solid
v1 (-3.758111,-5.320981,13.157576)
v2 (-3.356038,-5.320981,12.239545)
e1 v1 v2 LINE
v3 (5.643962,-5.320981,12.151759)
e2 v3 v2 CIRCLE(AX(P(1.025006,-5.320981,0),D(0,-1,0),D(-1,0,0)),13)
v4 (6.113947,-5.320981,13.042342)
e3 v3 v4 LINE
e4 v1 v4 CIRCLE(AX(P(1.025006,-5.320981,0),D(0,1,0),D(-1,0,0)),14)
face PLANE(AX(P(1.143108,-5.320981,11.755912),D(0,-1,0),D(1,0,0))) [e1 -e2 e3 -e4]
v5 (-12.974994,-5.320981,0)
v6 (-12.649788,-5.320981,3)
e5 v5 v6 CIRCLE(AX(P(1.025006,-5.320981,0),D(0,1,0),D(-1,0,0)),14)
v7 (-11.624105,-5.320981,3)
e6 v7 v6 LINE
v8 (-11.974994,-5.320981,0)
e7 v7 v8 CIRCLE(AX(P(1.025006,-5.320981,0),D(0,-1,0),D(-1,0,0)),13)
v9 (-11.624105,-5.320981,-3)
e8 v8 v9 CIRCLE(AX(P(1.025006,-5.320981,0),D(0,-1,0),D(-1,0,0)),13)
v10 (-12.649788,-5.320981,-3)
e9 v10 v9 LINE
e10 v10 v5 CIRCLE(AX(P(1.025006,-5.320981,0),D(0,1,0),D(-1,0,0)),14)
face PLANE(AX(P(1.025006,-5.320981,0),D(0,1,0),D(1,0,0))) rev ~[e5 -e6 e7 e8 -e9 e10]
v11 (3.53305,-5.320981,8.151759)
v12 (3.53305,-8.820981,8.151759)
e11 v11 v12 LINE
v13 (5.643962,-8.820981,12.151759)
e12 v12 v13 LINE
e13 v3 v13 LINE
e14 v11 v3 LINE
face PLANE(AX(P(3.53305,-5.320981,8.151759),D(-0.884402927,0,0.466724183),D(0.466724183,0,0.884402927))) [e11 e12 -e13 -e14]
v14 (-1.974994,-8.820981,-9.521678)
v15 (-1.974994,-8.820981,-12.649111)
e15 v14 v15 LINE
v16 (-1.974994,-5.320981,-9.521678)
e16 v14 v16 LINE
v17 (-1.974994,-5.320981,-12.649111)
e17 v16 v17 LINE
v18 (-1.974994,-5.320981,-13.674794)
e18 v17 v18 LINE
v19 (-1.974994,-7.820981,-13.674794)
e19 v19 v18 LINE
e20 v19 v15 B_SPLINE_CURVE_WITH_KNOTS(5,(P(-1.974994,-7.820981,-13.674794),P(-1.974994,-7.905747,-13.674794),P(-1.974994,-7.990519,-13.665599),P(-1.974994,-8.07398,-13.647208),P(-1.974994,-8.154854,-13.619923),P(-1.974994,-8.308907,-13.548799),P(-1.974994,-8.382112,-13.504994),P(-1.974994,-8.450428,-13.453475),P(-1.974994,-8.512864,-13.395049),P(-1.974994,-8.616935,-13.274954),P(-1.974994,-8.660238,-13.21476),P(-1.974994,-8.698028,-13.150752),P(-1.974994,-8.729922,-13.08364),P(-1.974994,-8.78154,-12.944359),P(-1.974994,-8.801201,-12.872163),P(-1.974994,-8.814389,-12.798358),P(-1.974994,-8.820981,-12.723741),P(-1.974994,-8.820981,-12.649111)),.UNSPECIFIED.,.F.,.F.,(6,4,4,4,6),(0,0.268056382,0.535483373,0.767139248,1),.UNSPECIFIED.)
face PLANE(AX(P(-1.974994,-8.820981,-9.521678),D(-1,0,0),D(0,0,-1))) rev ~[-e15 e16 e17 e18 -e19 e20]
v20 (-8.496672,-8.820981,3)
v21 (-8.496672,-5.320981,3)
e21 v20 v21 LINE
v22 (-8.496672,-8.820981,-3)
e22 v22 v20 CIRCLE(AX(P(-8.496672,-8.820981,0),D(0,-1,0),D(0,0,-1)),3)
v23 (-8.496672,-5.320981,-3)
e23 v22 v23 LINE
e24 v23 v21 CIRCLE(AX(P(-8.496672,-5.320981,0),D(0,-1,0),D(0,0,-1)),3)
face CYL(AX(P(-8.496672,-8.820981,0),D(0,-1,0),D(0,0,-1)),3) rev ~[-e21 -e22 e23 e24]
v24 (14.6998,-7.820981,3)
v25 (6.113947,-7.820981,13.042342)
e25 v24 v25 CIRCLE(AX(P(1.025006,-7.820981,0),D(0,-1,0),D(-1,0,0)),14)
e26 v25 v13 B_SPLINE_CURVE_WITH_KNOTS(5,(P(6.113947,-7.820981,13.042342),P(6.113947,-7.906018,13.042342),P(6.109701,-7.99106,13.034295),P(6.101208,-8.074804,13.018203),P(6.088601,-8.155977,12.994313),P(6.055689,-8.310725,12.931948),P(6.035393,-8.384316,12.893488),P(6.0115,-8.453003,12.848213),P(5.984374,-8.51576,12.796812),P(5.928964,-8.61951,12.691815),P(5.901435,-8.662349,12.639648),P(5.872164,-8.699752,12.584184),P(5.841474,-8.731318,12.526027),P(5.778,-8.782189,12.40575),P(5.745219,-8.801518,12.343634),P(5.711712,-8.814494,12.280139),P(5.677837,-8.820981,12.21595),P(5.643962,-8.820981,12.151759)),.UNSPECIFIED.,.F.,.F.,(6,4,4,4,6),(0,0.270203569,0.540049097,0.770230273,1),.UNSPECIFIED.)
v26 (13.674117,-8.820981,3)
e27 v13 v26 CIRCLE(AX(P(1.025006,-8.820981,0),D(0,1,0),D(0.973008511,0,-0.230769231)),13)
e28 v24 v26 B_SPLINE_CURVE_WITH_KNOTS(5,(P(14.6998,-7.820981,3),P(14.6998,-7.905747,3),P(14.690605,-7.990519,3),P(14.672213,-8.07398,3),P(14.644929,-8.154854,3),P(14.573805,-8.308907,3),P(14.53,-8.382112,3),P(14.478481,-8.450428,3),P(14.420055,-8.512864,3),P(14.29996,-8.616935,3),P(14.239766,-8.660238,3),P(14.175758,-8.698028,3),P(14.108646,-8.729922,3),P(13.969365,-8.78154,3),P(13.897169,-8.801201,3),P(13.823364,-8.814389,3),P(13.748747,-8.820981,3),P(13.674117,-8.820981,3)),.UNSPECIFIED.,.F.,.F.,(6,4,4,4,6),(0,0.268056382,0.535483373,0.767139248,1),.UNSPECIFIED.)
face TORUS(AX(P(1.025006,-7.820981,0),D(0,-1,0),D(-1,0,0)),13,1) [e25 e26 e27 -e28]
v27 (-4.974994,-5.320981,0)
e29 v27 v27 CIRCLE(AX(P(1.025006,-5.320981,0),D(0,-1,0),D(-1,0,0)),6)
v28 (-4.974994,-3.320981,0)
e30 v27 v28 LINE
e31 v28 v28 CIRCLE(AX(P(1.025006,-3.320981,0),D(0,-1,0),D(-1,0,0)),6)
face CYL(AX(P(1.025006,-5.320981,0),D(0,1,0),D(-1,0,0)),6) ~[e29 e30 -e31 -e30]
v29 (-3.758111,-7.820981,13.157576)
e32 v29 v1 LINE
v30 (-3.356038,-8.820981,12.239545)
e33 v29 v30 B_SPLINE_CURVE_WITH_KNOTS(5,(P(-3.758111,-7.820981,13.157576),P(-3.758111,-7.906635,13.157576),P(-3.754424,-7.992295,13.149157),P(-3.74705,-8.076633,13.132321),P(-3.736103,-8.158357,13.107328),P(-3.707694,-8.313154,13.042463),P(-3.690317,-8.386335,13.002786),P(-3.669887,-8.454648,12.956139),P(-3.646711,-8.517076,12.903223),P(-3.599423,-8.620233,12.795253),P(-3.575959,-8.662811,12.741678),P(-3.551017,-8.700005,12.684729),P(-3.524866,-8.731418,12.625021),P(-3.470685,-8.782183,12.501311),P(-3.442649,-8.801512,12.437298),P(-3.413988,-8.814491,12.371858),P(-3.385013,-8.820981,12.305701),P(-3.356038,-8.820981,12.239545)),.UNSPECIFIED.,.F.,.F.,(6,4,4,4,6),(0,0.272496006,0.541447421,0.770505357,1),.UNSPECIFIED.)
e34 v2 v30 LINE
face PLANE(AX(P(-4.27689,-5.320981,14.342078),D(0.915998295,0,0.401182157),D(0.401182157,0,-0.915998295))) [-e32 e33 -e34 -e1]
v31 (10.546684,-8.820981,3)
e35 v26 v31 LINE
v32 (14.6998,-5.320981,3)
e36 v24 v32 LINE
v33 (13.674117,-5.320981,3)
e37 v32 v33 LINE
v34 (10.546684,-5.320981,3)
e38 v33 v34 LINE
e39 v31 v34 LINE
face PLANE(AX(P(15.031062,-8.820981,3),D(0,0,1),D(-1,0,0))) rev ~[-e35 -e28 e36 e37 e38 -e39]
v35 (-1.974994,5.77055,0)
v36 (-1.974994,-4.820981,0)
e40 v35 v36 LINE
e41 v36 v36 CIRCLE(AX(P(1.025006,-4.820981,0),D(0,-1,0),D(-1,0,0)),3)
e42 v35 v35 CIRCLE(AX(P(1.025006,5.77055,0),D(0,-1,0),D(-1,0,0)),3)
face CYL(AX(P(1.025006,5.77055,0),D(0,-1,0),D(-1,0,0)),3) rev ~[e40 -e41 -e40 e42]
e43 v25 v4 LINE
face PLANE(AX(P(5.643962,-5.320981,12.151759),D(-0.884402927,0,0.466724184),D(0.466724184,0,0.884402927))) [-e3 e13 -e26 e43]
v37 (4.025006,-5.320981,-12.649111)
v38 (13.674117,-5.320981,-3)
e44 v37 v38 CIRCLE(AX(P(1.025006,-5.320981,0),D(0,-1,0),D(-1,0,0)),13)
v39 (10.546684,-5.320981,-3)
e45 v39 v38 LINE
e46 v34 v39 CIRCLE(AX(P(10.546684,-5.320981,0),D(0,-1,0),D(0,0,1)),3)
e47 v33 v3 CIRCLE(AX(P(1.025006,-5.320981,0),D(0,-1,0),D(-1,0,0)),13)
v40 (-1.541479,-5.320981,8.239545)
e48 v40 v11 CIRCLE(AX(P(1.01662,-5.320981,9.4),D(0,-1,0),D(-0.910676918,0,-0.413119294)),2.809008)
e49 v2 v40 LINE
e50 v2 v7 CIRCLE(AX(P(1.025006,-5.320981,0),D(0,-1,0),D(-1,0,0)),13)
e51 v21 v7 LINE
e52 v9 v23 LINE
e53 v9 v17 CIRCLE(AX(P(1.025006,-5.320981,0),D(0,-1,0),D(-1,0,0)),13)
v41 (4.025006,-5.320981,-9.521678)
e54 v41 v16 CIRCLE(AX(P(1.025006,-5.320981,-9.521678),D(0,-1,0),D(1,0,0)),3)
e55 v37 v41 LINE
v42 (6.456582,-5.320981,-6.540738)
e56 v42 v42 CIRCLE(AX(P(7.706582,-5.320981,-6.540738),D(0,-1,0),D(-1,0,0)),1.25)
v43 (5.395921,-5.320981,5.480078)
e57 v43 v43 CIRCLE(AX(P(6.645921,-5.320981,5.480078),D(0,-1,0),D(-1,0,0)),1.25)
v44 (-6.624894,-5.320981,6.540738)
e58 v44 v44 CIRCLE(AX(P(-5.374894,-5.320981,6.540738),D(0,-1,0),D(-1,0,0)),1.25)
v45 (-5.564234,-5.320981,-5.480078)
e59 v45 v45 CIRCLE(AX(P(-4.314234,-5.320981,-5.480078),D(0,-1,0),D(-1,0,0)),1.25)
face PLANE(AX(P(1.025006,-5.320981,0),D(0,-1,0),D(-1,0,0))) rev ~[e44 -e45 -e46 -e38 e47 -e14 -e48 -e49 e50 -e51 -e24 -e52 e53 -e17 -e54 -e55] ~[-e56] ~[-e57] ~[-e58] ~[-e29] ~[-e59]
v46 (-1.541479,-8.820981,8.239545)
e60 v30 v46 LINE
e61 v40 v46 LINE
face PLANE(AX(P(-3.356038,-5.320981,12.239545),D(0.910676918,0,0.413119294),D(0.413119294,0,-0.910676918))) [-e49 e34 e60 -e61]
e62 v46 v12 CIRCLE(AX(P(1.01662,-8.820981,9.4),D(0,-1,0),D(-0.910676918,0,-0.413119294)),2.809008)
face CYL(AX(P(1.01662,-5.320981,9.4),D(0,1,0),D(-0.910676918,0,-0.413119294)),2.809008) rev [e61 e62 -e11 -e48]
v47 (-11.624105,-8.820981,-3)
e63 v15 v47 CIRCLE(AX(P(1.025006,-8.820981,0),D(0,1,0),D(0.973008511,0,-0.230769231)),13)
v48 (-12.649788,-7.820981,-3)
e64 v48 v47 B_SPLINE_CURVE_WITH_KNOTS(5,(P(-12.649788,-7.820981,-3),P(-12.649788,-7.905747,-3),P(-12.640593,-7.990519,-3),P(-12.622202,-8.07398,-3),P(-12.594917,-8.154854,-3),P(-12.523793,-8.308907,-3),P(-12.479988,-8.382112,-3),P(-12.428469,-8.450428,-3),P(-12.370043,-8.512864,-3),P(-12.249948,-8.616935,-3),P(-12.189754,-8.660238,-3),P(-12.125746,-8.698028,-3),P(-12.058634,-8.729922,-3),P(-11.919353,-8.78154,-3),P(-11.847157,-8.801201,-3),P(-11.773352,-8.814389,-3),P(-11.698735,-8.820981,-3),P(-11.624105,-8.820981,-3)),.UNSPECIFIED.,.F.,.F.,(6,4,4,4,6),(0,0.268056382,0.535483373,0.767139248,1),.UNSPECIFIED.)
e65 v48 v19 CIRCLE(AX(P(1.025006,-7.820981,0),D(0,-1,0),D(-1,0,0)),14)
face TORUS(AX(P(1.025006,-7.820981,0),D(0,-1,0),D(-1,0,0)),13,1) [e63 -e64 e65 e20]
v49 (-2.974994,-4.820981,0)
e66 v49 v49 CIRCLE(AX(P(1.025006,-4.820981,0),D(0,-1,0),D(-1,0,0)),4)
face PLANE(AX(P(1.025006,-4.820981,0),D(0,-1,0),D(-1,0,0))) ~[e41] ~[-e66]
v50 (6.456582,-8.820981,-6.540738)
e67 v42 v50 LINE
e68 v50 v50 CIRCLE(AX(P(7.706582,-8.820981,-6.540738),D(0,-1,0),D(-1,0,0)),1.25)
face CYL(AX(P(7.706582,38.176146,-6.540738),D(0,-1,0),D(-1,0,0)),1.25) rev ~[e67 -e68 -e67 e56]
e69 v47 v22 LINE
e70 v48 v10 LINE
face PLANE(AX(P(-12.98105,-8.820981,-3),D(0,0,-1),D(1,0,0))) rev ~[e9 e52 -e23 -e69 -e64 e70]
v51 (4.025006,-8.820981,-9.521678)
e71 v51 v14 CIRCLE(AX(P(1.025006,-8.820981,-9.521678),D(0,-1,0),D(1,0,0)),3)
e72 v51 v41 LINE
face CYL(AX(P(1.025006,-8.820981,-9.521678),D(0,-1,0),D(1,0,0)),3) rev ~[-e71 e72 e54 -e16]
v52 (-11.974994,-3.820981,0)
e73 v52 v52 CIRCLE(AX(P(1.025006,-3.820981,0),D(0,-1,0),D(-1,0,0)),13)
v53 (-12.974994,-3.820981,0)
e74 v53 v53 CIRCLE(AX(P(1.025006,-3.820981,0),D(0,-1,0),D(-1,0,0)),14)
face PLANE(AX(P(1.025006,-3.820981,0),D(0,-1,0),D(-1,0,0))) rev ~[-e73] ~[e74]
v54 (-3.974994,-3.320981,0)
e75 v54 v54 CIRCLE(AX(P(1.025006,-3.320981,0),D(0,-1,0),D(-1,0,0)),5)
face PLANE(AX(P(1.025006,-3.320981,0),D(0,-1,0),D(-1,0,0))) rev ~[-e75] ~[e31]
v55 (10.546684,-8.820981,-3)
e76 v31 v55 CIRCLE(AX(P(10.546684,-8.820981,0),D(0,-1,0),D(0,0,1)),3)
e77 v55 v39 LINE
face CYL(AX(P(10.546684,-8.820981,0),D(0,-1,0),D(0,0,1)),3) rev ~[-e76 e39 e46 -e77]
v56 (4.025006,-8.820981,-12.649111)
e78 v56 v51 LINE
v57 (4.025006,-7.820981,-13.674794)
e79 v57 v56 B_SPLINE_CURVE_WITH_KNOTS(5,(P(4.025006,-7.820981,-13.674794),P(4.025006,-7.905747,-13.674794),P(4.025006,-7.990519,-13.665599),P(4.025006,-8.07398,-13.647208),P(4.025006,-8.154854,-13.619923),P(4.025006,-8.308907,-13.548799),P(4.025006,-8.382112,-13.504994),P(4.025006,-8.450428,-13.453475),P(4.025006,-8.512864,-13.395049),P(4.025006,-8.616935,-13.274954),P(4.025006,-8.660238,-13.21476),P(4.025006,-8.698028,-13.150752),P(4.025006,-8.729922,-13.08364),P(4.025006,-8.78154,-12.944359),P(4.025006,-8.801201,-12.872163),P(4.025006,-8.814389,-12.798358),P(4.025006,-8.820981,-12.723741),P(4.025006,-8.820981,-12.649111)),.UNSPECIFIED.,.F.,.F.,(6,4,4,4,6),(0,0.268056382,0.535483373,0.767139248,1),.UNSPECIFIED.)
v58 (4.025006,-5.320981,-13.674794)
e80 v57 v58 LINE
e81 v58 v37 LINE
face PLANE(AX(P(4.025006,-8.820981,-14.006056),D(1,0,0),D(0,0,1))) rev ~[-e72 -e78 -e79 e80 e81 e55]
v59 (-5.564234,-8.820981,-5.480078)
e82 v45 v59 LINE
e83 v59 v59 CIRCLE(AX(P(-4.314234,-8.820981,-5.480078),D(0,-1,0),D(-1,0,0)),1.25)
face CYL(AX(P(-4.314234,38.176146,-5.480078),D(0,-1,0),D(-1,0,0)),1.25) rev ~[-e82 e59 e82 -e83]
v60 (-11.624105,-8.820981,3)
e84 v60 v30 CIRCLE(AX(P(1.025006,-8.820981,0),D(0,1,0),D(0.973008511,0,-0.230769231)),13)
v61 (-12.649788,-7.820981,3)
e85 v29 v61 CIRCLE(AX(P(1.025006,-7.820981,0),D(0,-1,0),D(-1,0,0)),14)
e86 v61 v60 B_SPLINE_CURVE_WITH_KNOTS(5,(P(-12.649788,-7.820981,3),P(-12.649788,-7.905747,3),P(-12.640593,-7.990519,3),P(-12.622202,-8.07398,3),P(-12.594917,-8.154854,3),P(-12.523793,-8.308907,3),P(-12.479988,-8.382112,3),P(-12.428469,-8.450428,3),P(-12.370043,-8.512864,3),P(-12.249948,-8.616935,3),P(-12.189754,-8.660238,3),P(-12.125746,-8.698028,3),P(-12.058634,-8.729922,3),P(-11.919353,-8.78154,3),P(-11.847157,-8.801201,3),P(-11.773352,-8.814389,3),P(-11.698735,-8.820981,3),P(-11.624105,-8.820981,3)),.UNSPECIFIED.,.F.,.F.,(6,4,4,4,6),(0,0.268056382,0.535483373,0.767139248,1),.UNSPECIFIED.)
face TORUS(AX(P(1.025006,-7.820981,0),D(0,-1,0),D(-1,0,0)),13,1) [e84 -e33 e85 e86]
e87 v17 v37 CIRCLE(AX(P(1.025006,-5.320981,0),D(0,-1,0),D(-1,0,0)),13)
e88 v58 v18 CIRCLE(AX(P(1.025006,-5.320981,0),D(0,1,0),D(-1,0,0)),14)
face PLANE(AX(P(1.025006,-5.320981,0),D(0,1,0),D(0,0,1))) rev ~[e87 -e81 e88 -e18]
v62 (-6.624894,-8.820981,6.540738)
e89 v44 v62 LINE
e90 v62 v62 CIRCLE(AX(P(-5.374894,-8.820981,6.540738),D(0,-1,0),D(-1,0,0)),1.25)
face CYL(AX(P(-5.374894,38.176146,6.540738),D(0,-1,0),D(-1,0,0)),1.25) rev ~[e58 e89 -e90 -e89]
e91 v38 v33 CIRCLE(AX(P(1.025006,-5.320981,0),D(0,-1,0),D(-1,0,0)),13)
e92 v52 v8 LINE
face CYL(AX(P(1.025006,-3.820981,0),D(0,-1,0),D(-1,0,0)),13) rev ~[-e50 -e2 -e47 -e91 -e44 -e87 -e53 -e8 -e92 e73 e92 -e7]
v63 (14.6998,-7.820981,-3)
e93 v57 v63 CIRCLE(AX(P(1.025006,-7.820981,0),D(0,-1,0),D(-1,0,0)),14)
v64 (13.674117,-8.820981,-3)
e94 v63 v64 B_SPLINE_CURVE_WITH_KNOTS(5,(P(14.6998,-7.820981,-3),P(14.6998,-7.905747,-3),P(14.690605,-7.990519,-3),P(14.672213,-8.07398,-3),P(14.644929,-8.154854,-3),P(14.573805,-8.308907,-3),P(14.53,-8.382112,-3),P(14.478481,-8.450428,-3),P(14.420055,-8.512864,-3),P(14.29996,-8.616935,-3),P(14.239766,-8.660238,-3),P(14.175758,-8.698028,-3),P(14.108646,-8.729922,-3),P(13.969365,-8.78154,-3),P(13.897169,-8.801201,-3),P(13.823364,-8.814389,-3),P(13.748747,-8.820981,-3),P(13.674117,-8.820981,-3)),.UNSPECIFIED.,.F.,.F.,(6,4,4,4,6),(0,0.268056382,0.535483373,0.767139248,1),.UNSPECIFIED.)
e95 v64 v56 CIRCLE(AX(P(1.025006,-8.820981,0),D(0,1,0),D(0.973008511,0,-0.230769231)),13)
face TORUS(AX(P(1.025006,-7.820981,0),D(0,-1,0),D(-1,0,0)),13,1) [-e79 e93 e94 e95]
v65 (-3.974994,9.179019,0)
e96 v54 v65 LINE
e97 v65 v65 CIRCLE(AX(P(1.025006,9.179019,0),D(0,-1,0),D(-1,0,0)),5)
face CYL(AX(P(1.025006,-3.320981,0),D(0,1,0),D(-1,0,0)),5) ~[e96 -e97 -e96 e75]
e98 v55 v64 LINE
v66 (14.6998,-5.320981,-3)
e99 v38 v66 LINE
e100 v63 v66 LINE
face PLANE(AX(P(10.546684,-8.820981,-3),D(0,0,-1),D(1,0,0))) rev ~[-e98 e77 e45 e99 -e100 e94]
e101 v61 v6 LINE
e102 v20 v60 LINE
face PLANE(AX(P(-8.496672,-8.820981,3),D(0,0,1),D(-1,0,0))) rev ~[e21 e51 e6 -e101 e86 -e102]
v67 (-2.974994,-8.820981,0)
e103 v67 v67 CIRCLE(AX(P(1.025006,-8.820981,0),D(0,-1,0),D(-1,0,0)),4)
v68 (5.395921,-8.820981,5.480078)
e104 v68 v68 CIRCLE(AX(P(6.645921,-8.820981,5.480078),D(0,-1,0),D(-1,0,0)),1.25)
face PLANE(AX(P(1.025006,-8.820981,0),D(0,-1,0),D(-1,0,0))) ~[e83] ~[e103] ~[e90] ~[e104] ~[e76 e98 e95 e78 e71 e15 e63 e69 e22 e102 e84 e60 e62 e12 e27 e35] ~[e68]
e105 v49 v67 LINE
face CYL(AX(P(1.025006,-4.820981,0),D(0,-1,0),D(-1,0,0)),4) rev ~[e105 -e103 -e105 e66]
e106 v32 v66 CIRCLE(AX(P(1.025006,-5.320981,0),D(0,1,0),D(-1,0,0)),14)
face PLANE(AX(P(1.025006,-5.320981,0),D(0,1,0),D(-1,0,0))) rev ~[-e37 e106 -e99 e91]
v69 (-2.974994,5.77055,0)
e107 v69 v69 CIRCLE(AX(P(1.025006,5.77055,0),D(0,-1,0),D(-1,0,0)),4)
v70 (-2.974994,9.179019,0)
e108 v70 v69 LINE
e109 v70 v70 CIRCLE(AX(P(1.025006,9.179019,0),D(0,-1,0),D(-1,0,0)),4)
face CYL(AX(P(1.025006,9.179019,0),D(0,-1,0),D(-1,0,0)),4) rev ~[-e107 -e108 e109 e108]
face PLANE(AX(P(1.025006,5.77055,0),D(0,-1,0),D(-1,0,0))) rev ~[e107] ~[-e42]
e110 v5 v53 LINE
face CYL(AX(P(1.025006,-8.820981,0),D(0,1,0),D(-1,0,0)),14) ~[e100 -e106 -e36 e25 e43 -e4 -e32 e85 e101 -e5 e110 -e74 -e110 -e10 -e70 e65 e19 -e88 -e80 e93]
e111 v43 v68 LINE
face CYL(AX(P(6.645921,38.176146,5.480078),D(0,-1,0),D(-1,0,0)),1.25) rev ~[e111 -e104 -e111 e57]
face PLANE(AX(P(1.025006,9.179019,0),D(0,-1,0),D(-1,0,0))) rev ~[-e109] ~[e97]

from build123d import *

# Parameters (mm, degrees)
CONG_1_R                     = 1
ENL_V_MAT_EXTRU_1_REACH      = 29.308
R_P_TITION_CIRCULAIRE2_COUNT = 3
R_P_TITION_CIRCULAIRE2_ANGLE = 180
ENL_V_START                  = -3.5
ENL_V_MAT_EXTRU_2_DEPTH      = 3.5
TROU_TARAUD_M3X0_52_D        = 2.5


with BuildPart() as part:
    # Esquisse3 → Révolution1 (revolve)
    with BuildSketch(Plane.XY):
        Polygon((-12.974994046, -8.820980619), (-12.974994046, -3.820980619), (-11.974994046, -3.820980619), (-11.974994046, -5.320980619), (-4.974994046, -5.320980619), (-4.974994046, -3.320980619), (-3.974994046, -3.320980619), (-3.974994046, 9.179019381), (-2.974994046, 9.179019381), (-2.974994046, 5.770549628), (-1.974994046, 5.770549628), (-1.974994046, -4.820980619), (-2.974994046, -4.820980619), (-2.974994046, -8.820980619), align=None)
    revolve(axis=Axis((1.025005954, 13.743921907, 0), (0, -1, 0)))

    # Congé1
    cong_1_edges = [part.edges().sort_by_distance(p)[0] for p in [
        (15.025005954, -8.820980619, 0),
    ]]
    fillet(cong_1_edges, radius=CONG_1_R)

    # Enlèv. mat.-Extru.1: up to this face of the body (flat: up to its plane)
    enl_v_mat_extru_1_end = Plane(part.part.faces().sort_by_distance((13.657310428, -5.320980619, 0))[0])
    # Esquisse5 → Enlèv. mat.-Extru.1 (cut, up to the picked face)
    with BuildSketch(Plane.XZ.offset(8.820980619), mode=Mode.PRIVATE) as enl_v_mat_extru_1_sk1:
        with BuildLine():
            Line((13.674116595, 3), (10.546683691, 3))
            ThreePointArc((10.546683691, 3), (7.546683691, 0), (10.546683691, -3))
            Line((10.546683691, -3), (13.674116595, -3))
            Line((13.674116595, -3), (14.699800285, -3))
            Line((14.699800285, -3), (15.031061769, -3))
            ThreePointArc((15.031061769, -3), (15.351470019, 0), (15.031061769, 3))
            Line((15.031061769, 3), (14.699800285, 3))
            Line((14.699800285, 3), (13.674116595, 3))
        make_face()
    enl_v_mat_extru_1_tool1 = split(extrude(enl_v_mat_extru_1_sk1.sketch, amount=-ENL_V_MAT_EXTRU_1_REACH, mode=Mode.PRIVATE), bisect_by=enl_v_mat_extru_1_end, keep=Keep.BOTH, mode=Mode.PRIVATE)
    enl_v_mat_extru_1 = enl_v_mat_extru_1_tool1.solids().sort_by(Axis((11.686689, -8.820981, 0), (0, 1, 0)))[0]
    add(enl_v_mat_extru_1, mode=Mode.SUBTRACT)

    # Répétition circulaire2: Enlèv. mat.-Extru.1 ×3 about axis
    r_p_tition_circulaire2_axis = Axis((1.025005954, 0, 0), (0, 1, 0))
    for i in range(1, R_P_TITION_CIRCULAIRE2_COUNT):
        add(enl_v_mat_extru_1.rotate(r_p_tition_circulaire2_axis, i * R_P_TITION_CIRCULAIRE2_ANGLE / (R_P_TITION_CIRCULAIRE2_COUNT - 1)), mode=Mode.SUBTRACT)

    # Esquisse7 → Enlèv. mat.-Extru.2 (cut)
    with BuildSketch(Plane.XZ.offset(8.820980619).offset(ENL_V_START)):
        with BuildLine():
            Line((-3.356038211, 12.2395446), (-1.541479015, 8.2395446))
            ThreePointArc((-1.541479015, 8.2395446), (0.968033239, 6.591412228), (3.533049808, 8.151759008))
            Line((3.533049808, 8.151759008), (5.643961789, 12.151759008))
            Line((5.643961789, 12.151759008), (6.71991785, 14.19060491))
            ThreePointArc((6.71991785, 14.19060491), (1.235603593, 15.289242553), (-4.276890033, 14.34207754))
            Line((-4.276890033, 14.34207754), (-3.356038211, 12.2395446))
        make_face()
    extrude(amount=ENL_V_MAT_EXTRU_2_DEPTH, mode=Mode.SUBTRACT)

    # Trou taraudé M3x0.52 (through all)
    with Locations(Plane(origin=(-5.37489391, -5.320980619, 6.540737726), x_dir=(1, 0, 0), z_dir=(0, 1, 0))):
        with Locations((0, 0), (1.060660172, 12.02081528), (12.020815281, 1.060660172), (13.081475452, 13.081475452)):
            Hole(TROU_TARAUD_M3X0_52_D / 2)


solid = part.part
